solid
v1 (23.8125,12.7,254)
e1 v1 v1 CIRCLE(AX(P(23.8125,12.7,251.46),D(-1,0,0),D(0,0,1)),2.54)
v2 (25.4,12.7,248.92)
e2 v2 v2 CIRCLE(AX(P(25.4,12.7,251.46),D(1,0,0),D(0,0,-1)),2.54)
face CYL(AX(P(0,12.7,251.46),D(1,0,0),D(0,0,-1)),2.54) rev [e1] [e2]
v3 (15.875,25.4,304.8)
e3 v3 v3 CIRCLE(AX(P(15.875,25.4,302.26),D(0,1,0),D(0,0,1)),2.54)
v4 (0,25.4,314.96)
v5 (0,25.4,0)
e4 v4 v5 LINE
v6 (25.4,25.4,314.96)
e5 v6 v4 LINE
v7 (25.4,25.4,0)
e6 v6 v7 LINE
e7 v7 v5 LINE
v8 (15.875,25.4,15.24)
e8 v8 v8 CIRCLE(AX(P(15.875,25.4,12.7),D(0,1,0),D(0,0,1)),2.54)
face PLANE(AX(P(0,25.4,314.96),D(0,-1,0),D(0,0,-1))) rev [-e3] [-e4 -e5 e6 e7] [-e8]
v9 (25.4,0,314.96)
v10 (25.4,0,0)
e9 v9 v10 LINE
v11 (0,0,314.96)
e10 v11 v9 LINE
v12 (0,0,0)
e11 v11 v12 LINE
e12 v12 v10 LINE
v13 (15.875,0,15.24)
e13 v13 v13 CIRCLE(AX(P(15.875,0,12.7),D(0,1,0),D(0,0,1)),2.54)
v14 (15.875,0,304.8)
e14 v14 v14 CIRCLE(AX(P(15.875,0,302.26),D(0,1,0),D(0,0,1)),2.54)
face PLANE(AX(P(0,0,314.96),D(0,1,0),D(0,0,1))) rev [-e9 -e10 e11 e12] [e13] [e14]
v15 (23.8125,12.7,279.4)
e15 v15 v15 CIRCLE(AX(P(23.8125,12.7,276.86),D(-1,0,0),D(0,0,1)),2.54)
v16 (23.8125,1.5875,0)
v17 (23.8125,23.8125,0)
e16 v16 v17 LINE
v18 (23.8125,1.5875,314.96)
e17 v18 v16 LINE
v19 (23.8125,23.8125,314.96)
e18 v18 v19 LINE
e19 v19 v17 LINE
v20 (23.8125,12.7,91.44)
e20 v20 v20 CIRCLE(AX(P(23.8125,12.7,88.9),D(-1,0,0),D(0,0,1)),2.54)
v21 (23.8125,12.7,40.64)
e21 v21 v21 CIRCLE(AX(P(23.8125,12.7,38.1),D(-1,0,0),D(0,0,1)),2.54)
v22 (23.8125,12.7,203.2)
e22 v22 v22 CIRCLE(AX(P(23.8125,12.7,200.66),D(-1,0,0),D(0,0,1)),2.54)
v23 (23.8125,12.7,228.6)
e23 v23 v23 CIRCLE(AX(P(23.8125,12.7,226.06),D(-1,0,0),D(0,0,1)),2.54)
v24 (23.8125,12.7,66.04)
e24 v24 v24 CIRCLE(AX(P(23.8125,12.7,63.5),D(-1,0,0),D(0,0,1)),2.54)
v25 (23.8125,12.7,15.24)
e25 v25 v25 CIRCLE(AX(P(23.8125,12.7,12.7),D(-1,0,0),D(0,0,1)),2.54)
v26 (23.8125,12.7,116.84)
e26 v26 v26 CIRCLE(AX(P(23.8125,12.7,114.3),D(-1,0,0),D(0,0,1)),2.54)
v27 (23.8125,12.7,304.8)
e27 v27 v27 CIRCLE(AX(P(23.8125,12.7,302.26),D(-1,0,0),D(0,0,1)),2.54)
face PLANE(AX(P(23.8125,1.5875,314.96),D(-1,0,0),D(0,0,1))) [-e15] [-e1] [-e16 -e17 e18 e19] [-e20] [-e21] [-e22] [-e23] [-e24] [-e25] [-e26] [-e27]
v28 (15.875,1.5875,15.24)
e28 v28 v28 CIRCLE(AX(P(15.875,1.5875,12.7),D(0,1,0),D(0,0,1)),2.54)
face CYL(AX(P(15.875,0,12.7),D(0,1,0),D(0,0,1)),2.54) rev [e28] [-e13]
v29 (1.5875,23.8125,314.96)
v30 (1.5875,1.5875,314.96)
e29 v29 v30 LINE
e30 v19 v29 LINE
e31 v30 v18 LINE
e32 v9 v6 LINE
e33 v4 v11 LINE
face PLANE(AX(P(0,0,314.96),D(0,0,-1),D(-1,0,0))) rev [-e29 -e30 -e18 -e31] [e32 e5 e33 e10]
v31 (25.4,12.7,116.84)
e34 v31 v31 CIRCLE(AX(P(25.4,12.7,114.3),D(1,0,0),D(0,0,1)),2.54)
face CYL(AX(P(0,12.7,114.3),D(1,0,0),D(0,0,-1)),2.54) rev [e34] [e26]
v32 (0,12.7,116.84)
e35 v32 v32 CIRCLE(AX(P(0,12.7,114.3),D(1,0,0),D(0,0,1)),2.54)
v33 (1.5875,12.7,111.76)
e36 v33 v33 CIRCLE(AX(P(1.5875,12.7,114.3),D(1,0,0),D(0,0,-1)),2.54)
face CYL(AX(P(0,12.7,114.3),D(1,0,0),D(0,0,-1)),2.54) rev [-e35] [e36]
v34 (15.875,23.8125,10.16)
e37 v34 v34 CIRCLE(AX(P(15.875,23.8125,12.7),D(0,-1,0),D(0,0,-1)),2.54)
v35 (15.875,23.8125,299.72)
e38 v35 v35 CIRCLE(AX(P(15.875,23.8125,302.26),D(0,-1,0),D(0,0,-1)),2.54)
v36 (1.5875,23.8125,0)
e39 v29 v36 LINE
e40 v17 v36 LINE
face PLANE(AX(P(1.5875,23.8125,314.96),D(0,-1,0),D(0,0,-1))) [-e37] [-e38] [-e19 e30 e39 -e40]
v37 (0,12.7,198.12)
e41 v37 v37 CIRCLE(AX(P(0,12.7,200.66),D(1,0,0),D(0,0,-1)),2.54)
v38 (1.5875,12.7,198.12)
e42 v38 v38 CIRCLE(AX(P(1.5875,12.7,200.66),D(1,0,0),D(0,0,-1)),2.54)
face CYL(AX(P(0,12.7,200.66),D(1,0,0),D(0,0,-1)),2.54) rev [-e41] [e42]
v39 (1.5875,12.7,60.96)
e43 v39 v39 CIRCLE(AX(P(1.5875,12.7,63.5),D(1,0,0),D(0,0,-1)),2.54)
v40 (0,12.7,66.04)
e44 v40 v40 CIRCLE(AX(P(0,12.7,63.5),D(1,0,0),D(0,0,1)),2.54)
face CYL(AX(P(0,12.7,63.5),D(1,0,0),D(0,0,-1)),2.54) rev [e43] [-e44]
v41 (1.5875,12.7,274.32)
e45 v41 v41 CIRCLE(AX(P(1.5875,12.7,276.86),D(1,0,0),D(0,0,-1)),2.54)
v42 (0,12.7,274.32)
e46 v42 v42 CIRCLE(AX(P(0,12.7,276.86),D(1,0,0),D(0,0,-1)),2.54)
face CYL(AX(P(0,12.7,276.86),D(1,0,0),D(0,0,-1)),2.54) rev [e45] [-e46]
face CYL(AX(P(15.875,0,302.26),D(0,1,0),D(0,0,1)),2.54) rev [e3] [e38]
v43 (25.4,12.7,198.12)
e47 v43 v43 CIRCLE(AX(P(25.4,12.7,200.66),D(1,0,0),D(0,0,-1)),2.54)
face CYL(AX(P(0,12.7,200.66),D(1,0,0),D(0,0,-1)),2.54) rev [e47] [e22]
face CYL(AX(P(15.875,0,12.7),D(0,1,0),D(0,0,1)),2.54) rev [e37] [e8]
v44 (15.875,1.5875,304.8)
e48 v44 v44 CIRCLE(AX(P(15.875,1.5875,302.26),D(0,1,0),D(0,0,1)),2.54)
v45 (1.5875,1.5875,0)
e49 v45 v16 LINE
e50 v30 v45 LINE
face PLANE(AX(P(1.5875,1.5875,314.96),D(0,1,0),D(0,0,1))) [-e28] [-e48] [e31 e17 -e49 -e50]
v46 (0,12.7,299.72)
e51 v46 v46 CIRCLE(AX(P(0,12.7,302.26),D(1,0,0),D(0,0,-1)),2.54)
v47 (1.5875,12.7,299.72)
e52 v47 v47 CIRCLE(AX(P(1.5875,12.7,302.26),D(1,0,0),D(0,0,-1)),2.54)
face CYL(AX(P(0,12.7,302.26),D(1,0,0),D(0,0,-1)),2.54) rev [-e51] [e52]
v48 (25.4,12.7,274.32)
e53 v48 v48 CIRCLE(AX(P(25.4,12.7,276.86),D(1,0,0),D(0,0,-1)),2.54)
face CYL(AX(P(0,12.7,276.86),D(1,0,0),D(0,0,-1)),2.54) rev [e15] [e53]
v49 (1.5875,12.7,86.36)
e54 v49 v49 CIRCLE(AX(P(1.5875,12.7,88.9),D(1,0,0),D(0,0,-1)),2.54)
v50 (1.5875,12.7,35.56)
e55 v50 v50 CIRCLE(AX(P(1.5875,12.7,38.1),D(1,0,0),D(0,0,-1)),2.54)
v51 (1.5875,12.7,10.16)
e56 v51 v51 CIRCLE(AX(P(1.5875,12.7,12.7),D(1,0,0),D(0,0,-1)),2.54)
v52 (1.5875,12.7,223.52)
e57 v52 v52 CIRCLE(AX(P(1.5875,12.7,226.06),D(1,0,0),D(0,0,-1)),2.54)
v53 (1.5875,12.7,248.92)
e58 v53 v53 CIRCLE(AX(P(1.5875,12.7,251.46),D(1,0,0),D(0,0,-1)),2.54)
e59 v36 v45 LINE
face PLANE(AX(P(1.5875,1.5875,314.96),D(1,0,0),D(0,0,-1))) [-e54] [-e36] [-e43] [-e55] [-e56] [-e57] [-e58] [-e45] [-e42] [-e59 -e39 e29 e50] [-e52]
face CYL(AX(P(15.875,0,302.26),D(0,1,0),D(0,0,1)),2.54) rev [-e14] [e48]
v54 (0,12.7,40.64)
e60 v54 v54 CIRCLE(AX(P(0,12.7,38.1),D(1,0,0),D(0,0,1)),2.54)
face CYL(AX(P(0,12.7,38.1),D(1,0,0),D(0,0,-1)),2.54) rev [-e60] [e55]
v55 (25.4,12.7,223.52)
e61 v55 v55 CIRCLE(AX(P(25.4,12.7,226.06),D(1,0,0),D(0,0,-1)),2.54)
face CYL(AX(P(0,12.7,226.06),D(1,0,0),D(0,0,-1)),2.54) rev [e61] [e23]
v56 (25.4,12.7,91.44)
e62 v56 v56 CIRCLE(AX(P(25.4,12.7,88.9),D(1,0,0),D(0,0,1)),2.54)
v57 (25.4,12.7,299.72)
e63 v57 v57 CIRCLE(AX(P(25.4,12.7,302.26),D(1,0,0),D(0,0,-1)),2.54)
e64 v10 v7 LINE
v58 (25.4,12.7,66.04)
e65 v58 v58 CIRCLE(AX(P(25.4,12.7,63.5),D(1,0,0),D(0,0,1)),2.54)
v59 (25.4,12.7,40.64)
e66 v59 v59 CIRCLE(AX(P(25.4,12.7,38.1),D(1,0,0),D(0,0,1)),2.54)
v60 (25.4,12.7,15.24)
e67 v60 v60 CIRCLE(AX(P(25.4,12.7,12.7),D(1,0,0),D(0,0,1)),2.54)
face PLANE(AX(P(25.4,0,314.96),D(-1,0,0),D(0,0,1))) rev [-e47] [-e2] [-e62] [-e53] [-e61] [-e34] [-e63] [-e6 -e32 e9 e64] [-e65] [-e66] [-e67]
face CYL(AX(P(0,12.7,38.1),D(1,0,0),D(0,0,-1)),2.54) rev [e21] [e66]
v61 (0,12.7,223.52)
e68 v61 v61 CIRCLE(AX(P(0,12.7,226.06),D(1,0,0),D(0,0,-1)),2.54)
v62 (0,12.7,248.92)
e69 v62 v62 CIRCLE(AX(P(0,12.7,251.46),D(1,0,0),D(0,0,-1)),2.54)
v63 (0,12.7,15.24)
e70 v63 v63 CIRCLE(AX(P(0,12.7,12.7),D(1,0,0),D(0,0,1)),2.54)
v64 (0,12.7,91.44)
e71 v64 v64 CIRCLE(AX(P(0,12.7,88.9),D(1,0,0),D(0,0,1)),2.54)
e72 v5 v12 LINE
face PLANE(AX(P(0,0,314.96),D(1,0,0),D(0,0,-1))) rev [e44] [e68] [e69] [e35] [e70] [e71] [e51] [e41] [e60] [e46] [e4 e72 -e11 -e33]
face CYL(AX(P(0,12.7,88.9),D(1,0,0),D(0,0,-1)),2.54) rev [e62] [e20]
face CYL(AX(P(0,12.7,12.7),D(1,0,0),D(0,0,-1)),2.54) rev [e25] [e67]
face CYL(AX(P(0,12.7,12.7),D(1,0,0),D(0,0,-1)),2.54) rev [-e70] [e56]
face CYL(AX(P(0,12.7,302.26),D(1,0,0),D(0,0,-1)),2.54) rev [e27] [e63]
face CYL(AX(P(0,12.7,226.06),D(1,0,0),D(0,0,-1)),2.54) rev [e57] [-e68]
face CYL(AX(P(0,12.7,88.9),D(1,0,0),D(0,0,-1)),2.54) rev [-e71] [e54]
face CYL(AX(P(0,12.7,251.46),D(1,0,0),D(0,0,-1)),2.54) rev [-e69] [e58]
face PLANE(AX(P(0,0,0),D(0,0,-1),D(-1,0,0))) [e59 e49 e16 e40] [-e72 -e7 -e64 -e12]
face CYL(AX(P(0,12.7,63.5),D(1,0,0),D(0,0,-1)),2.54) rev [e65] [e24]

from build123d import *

# Parameters (mm, degrees)
SKETCH1_W           = 25.4
SKETCH1_H           = 25.4
SKETCH1_W_2         = 22.225
SKETCH1_H_2         = 22.225
BOSS_EXTRUDE1_DEPTH = 314.96
SKETCH3_R           = 2.54
CUT_EXTRUDE2_DEPTH  = 318.00176908
SKETCH4_R           = 2.54
CUT_EXTRUDE3_DEPTH  = 318.00176908


with BuildPart() as part:
    # Sketch1 → Boss-Extrude1 (new body)
    with BuildSketch(Plane.XY):
        with Locations((12.7, 12.7)):
            Rectangle(SKETCH1_W, SKETCH1_H)
        with Locations((12.7, 12.7)):
            Rectangle(SKETCH1_W_2, SKETCH1_H_2, mode=Mode.SUBTRACT)
    extrude(amount=BOSS_EXTRUDE1_DEPTH)

    # Sketch3 → Cut-Extrude2 (cut, through all)
    with BuildSketch(Plane(origin=(0, 25.4, 0), x_dir=(1, 0, 0), z_dir=(0, 1, 0))):
        with Locations(Location((15.875, -302.26, 0), (0, 0, 270))):
            Circle(SKETCH3_R)
        with Locations(Location((15.875, -12.7, 0), (0, 0, 270))):
            Circle(SKETCH3_R)
    extrude(amount=-CUT_EXTRUDE2_DEPTH, mode=Mode.SUBTRACT)

    # Sketch4 → Cut-Extrude3 (cut, through all)
    with BuildSketch(Plane(origin=(25.4, 0, 0), x_dir=(0, 0, -1), z_dir=(1, 0, 0))):
        with Locations((-302.26, 12.7)):
            Circle(SKETCH4_R)
        with Locations((-276.86, 12.7)):
            Circle(SKETCH4_R)
        with Locations((-251.46, 12.7)):
            Circle(SKETCH4_R)
        with Locations((-226.06, 12.7)):
            Circle(SKETCH4_R)
        with Locations((-200.66, 12.7)):
            Circle(SKETCH4_R)
        with Locations(Location((-114.3, 12.7, 0), (0, 0, 180))):
            Circle(SKETCH4_R)
        with Locations(Location((-88.9, 12.7, 0), (0, 0, 180))):
            Circle(SKETCH4_R)
        with Locations(Location((-63.5, 12.7, 0), (0, 0, 180))):
            Circle(SKETCH4_R)
        with Locations(Location((-38.1, 12.7, 0), (0, 0, 180))):
            Circle(SKETCH4_R)
        with Locations(Location((-12.7, 12.7, 0), (0, 0, 180))):
            Circle(SKETCH4_R)
    extrude(amount=-CUT_EXTRUDE3_DEPTH, mode=Mode.SUBTRACT)


solid = part.part
